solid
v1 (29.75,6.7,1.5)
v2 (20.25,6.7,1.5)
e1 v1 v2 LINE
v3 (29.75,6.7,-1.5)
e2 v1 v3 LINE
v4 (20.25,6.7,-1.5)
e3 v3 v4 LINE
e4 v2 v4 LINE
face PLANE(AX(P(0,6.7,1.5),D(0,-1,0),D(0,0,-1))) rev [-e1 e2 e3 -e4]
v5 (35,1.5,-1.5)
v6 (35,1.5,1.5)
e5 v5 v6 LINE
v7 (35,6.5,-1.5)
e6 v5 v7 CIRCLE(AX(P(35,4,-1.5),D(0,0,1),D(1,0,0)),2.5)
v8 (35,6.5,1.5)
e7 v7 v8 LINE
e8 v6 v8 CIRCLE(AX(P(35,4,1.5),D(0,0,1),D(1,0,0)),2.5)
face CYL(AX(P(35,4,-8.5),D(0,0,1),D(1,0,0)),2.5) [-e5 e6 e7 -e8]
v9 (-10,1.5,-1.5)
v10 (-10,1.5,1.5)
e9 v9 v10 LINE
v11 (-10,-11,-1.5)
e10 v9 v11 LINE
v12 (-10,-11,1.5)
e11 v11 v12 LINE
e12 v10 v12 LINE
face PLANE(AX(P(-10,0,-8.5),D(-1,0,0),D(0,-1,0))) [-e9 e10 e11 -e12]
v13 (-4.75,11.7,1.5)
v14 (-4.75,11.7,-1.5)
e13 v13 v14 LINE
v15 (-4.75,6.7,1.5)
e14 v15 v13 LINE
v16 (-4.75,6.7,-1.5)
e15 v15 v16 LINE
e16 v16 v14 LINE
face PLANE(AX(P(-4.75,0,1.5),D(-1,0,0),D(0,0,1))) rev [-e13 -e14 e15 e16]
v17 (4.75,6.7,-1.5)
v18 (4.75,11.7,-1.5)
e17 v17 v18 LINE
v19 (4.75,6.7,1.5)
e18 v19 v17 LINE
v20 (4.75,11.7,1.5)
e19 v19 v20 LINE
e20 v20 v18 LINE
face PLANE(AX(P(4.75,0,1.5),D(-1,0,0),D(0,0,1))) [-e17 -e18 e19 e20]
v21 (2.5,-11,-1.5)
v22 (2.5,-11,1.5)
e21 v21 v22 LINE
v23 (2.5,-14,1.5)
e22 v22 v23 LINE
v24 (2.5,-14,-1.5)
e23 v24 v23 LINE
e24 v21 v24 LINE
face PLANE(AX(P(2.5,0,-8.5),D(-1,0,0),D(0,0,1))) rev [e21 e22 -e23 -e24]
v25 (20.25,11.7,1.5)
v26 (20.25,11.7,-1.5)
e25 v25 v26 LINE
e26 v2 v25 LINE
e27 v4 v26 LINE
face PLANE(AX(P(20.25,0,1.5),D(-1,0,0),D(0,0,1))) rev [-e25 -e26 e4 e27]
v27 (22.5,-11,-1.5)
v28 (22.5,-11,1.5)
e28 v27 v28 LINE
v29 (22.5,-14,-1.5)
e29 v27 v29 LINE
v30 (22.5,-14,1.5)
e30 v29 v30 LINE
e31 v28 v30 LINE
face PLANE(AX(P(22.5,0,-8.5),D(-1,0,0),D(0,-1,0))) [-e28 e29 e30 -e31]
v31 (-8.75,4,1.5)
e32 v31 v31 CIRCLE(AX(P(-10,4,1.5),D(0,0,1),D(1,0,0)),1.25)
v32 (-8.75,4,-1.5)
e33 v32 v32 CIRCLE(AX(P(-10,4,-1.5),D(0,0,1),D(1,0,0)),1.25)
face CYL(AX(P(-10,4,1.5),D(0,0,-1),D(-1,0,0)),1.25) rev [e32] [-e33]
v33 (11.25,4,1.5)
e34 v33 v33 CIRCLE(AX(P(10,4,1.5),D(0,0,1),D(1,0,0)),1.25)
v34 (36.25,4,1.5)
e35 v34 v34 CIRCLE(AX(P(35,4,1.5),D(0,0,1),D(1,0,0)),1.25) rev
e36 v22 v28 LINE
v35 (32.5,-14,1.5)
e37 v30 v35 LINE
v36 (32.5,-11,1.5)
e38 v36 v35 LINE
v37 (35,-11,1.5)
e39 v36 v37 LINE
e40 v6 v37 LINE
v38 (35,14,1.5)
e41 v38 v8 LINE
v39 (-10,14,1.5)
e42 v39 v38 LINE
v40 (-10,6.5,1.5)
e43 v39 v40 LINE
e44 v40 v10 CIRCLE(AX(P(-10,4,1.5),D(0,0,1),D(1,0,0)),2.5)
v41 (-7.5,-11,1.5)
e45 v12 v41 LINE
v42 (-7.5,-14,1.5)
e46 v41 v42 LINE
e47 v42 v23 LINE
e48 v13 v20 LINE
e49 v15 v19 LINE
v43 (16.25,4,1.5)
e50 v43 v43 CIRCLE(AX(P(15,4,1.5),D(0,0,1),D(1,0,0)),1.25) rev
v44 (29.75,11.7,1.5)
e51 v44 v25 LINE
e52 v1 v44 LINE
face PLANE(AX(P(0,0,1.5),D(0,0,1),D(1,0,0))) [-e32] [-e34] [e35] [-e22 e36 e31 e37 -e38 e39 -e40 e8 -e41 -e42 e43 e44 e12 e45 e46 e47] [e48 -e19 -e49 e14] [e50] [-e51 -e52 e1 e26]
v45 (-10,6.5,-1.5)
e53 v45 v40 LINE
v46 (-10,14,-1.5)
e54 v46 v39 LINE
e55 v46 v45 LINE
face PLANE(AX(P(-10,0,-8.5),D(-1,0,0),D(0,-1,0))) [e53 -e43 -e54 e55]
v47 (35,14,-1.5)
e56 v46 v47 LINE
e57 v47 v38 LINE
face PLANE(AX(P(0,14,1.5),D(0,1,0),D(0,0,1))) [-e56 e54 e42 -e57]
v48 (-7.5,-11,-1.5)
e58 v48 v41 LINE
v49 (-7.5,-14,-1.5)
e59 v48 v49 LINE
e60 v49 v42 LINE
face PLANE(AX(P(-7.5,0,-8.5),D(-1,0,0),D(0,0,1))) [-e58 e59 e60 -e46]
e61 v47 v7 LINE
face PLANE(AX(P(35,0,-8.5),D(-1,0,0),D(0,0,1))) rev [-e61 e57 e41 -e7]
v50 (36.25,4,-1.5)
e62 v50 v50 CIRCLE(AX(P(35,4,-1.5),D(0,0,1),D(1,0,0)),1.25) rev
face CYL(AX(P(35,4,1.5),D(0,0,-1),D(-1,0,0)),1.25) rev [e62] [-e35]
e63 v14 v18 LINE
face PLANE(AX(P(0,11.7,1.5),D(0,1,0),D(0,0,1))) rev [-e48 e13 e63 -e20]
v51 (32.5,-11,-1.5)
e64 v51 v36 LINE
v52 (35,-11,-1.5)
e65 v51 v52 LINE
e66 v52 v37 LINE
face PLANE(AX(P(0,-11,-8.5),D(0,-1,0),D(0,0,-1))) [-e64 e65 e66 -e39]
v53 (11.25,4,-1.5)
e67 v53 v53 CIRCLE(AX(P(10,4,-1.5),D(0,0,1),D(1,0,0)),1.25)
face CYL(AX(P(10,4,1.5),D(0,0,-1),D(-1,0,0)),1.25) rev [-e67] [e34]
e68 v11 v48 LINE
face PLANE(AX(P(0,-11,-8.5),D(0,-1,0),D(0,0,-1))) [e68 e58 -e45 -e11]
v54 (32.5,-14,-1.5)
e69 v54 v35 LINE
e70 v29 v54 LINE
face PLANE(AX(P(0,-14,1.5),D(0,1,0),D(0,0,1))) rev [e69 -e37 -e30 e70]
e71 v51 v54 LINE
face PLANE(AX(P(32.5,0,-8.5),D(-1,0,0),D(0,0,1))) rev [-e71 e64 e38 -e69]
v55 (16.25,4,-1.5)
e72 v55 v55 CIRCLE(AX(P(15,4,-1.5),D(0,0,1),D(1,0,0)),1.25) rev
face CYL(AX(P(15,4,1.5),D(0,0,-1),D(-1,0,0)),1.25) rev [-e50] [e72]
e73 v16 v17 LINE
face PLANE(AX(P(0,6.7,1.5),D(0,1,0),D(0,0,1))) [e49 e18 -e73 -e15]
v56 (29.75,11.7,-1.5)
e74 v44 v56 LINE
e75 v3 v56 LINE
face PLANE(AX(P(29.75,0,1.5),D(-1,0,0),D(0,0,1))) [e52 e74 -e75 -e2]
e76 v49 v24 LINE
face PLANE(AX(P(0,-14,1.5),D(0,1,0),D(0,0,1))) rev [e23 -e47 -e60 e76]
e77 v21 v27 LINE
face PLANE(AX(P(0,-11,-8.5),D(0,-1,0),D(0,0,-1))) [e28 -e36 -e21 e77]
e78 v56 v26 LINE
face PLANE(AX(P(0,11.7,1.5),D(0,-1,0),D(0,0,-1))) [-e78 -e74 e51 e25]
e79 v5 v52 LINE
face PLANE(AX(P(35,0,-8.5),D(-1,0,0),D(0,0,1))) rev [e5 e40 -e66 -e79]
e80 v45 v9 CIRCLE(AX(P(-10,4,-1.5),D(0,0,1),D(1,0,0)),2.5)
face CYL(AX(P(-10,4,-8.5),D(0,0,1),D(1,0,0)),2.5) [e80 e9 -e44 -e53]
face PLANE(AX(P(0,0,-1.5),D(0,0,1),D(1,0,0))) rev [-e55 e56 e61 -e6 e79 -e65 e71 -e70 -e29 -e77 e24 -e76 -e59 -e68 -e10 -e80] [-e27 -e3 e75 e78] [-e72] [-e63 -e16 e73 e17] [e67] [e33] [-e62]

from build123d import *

# Parameters (mm, degrees)
CROQUIS1_W              = 25
CROQUIS1_H              = 28
CROQUIS1_R              = 1.25
CROQUIS1_W_2            = 9.5
CROQUIS1_H_2            = 5
SALIENTE_EXTRUIR1_DEPTH = 1.5
CROQUIS4_W              = 20
CROQUIS4_H              = 3
CORTAR_EXTRUIR5_DEPTH   = 10


with BuildPart() as part:
    # Croquis1 → Saliente-Extruir1 (new, symmetric)
    # profile 1 of 2: a face of its own
    with BuildSketch(Plane.XY):
        Rectangle(CROQUIS1_W, CROQUIS1_H)
        with Locations((-10, 4)):
            Circle(CROQUIS1_R, mode=Mode.SUBTRACT)
        with Locations((10, 4)):
            Circle(CROQUIS1_R, mode=Mode.SUBTRACT)
        with Locations((0, 9.2)):
            Rectangle(CROQUIS1_W_2, CROQUIS1_H_2, mode=Mode.SUBTRACT)
    # profile 2 of 2: a face of its own
    with BuildSketch(Plane.XY):
        with Locations((25, 0)):
            Rectangle(CROQUIS1_W, CROQUIS1_H)
        with Locations((15, 4)):
            Circle(CROQUIS1_R, mode=Mode.SUBTRACT)
        with Locations((35, 4)):
            Circle(CROQUIS1_R, mode=Mode.SUBTRACT)
        with Locations((25, 9.2)):
            Rectangle(CROQUIS1_W_2, CROQUIS1_H_2, mode=Mode.SUBTRACT)
    extrude(amount=SALIENTE_EXTRUIR1_DEPTH, both=True)

    # Croquis4 → Cortar-Extruir5 (cut)
    with BuildSketch(Plane.XY.offset(1.5)):
        with BuildLine():
            Line((-10, 6.5), (-10, 14))
            Line((-10, 14), (-12.5, 14))
            Line((-12.5, 14), (-12.5, 4))
            ThreePointArc((-12.5, 4), (-11.767766953, 5.767766953), (-10, 6.5))
        make_face()
        with BuildLine():
            Line((-10, -11), (-10, 1.5))
            ThreePointArc((-10, 1.5), (-11.767766953, 2.232233047), (-12.5, 4))
            Line((-12.5, 4), (-12.5, -14))
            Line((-12.5, -14), (-7.5, -14))
            Line((-7.5, -14), (-7.5, -11))
            Line((-7.5, -11), (-10, -11))
        make_face()
        with Locations((12.5, -12.5)):
            Rectangle(CROQUIS4_W, CROQUIS4_H)
        with BuildLine():
            Line((37.5, -14), (37.5, 4))
            ThreePointArc((37.5, 4), (36.767766953, 2.232233047), (35, 1.5))
            Line((35, 1.5), (35, -11))
            Line((35, -11), (32.5, -11))
            Line((32.5, -11), (32.5, -14))
            Line((32.5, -14), (37.5, -14))
        make_face()
        with BuildLine():
            Line((37.5, 14), (35, 14))
            Line((35, 14), (35, 6.5))
            ThreePointArc((35, 6.5), (36.767766953, 5.767766953), (37.5, 4))
            Line((37.5, 4), (37.5, 14))
        make_face()
    extrude(amount=-CORTAR_EXTRUIR5_DEPTH, mode=Mode.SUBTRACT)


solid = part.part
